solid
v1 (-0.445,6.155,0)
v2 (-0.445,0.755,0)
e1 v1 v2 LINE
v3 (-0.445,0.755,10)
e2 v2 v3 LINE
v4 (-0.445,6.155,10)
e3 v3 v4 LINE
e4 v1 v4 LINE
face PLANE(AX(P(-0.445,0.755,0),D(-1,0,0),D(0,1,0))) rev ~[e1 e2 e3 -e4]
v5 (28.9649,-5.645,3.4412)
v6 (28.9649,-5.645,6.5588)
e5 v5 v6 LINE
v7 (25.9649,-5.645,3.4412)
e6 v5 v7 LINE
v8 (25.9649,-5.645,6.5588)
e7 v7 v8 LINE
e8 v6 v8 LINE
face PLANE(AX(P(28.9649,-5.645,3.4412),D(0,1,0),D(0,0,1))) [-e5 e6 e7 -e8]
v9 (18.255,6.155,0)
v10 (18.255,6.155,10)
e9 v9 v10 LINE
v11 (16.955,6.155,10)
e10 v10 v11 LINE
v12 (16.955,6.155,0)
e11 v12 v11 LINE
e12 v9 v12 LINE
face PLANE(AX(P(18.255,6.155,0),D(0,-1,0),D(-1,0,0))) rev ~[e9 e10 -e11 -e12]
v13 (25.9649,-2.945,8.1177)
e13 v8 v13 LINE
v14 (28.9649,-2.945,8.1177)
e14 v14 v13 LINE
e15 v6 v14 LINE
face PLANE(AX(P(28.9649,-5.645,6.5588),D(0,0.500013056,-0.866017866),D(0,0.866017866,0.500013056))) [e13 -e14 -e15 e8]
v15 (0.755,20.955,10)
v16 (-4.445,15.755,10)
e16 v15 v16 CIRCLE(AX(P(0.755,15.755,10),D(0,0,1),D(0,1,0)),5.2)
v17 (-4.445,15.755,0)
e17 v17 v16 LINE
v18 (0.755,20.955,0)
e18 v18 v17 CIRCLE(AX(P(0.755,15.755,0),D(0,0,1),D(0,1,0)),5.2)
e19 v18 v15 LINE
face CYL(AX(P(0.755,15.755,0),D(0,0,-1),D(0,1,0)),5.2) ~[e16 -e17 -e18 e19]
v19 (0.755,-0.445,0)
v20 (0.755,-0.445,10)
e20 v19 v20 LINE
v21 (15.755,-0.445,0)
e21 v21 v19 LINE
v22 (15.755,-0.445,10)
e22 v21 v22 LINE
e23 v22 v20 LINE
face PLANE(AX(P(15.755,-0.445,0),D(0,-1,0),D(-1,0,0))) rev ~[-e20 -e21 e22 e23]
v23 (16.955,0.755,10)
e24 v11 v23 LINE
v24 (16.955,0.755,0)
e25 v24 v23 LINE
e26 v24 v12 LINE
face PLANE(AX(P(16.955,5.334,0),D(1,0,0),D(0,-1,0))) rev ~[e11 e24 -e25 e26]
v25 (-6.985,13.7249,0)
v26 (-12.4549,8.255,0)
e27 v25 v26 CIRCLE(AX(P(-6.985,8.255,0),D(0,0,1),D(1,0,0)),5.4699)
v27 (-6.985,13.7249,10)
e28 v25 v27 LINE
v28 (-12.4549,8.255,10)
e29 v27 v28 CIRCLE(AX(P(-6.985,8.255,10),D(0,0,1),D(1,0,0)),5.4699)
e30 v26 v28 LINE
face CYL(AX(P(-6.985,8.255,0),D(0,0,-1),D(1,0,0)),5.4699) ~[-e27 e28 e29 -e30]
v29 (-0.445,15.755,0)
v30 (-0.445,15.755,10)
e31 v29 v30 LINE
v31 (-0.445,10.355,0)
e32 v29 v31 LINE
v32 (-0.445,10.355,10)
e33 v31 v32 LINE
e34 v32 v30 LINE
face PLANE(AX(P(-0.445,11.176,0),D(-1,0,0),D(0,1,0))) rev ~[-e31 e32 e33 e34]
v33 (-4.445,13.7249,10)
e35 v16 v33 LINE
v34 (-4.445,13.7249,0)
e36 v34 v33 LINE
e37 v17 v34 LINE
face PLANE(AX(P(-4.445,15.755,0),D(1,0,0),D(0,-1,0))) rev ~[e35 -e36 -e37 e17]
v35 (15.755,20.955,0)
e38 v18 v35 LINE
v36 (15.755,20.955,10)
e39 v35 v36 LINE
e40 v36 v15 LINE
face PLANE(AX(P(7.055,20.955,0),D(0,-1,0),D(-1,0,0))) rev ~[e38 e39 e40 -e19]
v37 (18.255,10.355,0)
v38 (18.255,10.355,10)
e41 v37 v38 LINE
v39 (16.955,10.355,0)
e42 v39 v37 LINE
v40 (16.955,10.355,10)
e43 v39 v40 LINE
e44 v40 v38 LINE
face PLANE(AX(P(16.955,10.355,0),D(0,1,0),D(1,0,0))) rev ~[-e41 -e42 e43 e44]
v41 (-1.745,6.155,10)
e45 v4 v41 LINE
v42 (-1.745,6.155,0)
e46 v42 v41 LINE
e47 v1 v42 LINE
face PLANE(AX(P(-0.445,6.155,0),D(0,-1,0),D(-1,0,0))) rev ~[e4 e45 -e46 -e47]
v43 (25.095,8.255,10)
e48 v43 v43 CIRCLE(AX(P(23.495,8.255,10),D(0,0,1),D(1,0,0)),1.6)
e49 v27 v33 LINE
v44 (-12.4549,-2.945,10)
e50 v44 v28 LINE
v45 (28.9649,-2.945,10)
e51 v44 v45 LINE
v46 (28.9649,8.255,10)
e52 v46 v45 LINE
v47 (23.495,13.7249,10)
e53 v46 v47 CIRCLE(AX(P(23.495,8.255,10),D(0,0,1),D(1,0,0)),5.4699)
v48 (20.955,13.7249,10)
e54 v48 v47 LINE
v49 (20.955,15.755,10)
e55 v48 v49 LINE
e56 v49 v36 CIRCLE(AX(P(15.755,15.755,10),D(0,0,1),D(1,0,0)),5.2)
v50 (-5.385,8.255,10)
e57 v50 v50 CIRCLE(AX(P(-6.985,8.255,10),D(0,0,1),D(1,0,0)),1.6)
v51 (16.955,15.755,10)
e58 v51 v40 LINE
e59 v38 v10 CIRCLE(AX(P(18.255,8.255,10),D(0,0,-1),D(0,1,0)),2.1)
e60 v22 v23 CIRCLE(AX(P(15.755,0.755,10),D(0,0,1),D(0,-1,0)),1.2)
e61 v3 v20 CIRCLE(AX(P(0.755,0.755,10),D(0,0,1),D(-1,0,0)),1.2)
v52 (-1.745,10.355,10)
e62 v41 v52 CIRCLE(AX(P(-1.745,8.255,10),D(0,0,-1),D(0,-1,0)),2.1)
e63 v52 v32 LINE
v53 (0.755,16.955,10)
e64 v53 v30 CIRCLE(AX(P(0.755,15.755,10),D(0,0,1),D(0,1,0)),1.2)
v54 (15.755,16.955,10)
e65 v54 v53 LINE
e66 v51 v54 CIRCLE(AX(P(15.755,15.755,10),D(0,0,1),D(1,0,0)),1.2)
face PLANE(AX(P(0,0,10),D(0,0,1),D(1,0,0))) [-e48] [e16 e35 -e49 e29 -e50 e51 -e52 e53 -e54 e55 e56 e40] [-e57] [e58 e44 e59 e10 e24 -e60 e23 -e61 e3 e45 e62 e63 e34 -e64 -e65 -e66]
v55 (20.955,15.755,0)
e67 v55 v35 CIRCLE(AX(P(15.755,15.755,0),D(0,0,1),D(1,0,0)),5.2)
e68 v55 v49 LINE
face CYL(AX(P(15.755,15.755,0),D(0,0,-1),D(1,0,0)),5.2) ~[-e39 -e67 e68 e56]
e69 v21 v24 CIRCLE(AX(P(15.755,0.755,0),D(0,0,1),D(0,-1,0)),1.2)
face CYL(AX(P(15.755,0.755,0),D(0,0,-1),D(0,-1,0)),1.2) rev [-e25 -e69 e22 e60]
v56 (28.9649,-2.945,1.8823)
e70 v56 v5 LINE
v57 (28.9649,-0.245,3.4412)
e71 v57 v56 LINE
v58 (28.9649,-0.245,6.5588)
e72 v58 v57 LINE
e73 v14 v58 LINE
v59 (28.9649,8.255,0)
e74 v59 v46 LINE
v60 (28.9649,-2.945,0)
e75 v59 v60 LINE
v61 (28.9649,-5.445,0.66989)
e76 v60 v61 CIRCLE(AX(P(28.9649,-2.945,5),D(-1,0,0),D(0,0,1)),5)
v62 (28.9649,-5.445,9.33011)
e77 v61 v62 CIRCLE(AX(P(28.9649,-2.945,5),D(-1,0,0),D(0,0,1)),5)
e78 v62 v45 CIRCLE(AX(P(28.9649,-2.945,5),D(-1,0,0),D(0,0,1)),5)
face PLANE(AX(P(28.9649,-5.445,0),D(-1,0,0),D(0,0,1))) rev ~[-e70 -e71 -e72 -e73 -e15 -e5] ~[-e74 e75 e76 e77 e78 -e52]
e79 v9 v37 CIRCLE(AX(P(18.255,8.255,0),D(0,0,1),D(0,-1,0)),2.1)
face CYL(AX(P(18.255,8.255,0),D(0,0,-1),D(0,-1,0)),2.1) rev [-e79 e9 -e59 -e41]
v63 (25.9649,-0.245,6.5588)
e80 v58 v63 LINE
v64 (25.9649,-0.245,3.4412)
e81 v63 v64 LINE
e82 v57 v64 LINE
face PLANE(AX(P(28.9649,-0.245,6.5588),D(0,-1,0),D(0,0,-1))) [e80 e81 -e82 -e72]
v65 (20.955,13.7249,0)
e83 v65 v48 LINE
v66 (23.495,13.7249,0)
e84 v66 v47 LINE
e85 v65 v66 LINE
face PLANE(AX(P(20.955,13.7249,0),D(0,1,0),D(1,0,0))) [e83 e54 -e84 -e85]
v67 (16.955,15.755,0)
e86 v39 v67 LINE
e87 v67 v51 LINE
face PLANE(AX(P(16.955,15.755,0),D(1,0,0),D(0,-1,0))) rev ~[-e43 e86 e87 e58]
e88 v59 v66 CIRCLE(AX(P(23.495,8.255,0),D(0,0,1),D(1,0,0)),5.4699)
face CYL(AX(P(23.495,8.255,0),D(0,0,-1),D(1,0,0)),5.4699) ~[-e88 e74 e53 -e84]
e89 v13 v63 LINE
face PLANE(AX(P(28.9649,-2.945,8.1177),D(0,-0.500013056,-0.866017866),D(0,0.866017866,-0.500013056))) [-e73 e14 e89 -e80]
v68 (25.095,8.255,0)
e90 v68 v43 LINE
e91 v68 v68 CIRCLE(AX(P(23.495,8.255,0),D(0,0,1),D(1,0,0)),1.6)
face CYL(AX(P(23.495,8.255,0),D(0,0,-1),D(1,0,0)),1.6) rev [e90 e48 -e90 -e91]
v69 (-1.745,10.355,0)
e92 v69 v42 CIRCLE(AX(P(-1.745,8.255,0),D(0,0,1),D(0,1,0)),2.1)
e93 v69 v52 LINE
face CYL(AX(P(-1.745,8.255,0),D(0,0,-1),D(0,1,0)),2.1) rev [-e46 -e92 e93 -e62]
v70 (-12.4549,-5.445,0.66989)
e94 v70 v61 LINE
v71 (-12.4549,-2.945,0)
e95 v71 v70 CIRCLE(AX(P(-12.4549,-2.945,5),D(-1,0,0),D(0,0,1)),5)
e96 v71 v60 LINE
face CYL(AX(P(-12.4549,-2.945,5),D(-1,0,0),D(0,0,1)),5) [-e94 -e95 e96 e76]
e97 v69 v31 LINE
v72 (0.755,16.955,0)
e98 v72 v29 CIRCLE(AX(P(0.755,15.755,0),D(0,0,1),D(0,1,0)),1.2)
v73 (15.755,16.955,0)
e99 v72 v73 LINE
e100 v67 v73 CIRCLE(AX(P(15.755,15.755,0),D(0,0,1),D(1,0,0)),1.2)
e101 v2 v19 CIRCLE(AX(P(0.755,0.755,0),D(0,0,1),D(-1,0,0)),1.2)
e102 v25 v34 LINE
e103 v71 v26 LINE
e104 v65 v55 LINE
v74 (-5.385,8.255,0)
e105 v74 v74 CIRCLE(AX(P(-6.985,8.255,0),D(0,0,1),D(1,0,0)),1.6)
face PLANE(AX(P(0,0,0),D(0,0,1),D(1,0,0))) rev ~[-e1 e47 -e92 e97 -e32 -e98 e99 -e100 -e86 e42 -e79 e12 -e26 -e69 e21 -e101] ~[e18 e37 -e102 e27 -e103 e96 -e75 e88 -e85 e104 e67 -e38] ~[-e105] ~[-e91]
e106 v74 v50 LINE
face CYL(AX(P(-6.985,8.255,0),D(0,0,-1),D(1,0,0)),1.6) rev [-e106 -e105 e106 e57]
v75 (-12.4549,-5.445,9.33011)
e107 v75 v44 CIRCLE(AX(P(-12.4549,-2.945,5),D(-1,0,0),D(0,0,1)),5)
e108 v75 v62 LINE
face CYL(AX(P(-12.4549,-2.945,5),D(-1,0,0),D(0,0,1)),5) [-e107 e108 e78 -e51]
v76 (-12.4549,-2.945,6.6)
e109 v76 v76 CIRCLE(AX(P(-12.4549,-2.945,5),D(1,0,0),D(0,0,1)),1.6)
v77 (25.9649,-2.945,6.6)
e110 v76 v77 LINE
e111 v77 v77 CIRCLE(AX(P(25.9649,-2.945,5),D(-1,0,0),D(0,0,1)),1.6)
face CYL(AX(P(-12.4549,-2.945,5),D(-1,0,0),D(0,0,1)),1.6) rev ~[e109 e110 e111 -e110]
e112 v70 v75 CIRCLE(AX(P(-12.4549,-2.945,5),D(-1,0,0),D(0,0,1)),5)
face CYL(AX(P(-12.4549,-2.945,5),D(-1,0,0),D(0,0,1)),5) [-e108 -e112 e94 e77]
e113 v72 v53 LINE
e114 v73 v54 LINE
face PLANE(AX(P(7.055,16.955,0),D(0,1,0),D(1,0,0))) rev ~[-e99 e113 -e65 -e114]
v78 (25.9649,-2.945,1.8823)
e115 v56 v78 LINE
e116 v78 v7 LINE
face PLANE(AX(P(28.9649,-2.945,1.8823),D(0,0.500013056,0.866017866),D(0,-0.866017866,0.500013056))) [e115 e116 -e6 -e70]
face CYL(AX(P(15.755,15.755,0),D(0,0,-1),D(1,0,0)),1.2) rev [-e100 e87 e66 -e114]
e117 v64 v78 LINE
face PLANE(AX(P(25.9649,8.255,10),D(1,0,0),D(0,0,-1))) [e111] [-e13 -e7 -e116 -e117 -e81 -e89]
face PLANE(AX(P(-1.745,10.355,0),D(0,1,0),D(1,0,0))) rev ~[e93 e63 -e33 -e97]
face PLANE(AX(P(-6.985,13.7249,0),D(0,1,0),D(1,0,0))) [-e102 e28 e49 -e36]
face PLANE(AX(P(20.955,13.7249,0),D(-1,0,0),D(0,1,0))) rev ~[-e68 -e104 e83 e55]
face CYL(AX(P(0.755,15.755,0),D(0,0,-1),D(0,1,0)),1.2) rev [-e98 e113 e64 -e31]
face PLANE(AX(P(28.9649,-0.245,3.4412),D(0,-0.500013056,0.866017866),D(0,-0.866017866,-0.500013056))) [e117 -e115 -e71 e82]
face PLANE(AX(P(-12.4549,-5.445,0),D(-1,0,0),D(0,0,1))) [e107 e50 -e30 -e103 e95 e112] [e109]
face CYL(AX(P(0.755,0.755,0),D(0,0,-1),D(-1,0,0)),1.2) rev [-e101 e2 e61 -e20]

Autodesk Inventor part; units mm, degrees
ref_plane "YZ Plane" through (0, 0, 0) normal (1, 0, 0) x (0, 1, 0)
ref_plane "XZ Plane" through (0, 0, 0) normal (0, 1, 0) x (-1, 0, 0)
ref_plane "XY Plane" through (0, 0, 0) normal (0, 0, 1) x (1, 0, 0)
sketch "Эскиз1" plane through (0, 0, 0) normal (0, 0, 1) x (1, 0, 0)
  line L0 (16.51, 16.51) -> (0, 16.51) projected
  line L1 (0, 16.51) -> (0, 11.176) projected
  line L2 (0, 11.176) -> (-6.731, 11.176) projected
  line L3 (-6.731, 11.176) -> (-7.4684, 11.0622) projected
  line L4 (-7.4684, 11.0622) -> (-8.1512, 10.7614) projected
  line L5 (-8.1512, 10.7614) -> (-8.733, 10.2942) projected
  line L6 (-8.733, 10.2942) -> (-9.1739, 9.6923) projected
  line L7 (-9.1739, 9.6923) -> (-9.4441, 8.9967) projected
  line L8 (-9.4441, 8.9967) -> (-9.525, 8.255) projected
  line L9 (-9.525, 8.255) -> (-9.4441, 7.5133) projected
  line L10 (-9.4441, 7.5133) -> (-9.1739, 6.8177) projected
  line L11 (-9.1739, 6.8177) -> (-8.733, 6.2158) projected
  line L12 (-8.733, 6.2158) -> (-8.1512, 5.7486) projected
  line L13 (-8.1512, 5.7486) -> (-7.4684, 5.4478) projected
  line L14 (-7.4684, 5.4478) -> (-6.731, 5.334) projected
  line L15 (-6.731, 5.334) -> (0, 5.334) projected
  line L16 (0, 5.334) -> (0, 0) projected
  line L17 (0, 0) -> (16.51, 0) projected
  line L18 (16.51, 0) -> (16.51, 5.334) projected
  line L19 (16.51, 5.334) -> (23.241, 5.334) projected
  line L20 (23.241, 5.334) -> (23.9784, 5.4478) projected
  line L21 (23.9784, 5.4478) -> (24.6612, 5.7486) projected
  line L22 (24.6612, 5.7486) -> (25.243, 6.2158) projected
  line L23 (25.243, 6.2158) -> (25.6839, 6.8177) projected
  line L24 (25.6839, 6.8177) -> (25.9541, 7.5133) projected
  line L25 (25.9541, 7.5133) -> (26.035, 8.255) projected
  line L26 (26.035, 8.255) -> (25.9541, 8.9967) projected
  line L27 (25.9541, 8.9967) -> (25.6839, 9.6923) projected
  line L28 (25.6839, 9.6923) -> (25.243, 10.2942) projected
  line L29 (25.243, 10.2942) -> (24.6612, 10.7614) projected
  line L30 (24.6612, 10.7614) -> (23.9784, 11.0622) projected
  line L31 (23.9784, 11.0622) -> (23.241, 11.176) projected
  line L32 (23.241, 11.176) -> (16.51, 11.176) projected
  line L33 (16.51, 11.176) -> (16.51, 16.51) projected
  circle A0 centre (18.26, 8.26) radius 1.27 projected
  circle A1 centre (-1.75, 8.26) radius 1.27 projected
  circle A2 centre (11.505, 9.45) radius 0.127 projected
  circle A3 centre (8.386, 9.267) radius 0.127 projected
  circle A4 centre (4.826, 15.748) radius 0.127 projected
  circle A5 centre (4.191, 15.748) radius 0.127 projected
  circle A6 centre (-6.985, 8.255) radius 1.5 projected
  circle A7 centre (23.495, 8.255) radius 1.5 projected
  circle A8 centre (3.048, 4.445) radius 0.1651 projected
  circle A9 centre (6.985, 4.445) radius 0.1651 projected
  circle A10 centre (2.286, 6.731) radius 0.2032 projected
  circle A11 centre (13.716, 8.509) radius 0.2032 projected
  circle A12 centre (12.319, 1.778) radius 0.2032 projected
  circle A13 centre (15.367, 16.002) radius 0.2032 projected
  circle A14 centre (14.732, 1.778) radius 0.2032 projected
  circle A15 centre (13.462, 1.778) radius 0.2032 projected
  circle A16 centre (11.5062, 15.748) radius 0.127 projected
  circle A17 centre (7.874, 15.748) radius 0.127 projected
  circle A18 centre (3.429, 14.859) radius 0.127 projected
  circle A19 centre (14.478, 15.113) radius 0.1651 projected
  circle A20 centre (2.286, 10.541) radius 0.2032 projected
  circle A21 centre (13.716, 11.176) radius 0.2032 projected
  circle A22 centre (5.505, 15.748) radius 0.127 projected
  circle A23 centre (14.478, 14.224) radius 0.1651 projected
  circle A24 centre (13.462, 15.113) radius 0.1651 projected
  circle A25 centre (10.414, 15.7988) radius 0.127 projected
  circle A26 centre (5.005, 9.727) radius 0.127 projected
  circle A27 centre (6.8072, 8.636) radius 0.127 projected
  circle A28 centre (4.699, 8.382) radius 0.127 projected
  circle A29 centre (10.922, 8.636) radius 0.127 projected
  circle A30 centre (6.378, 16.129) radius 0.127 projected
  circle A31 centre (10.4648, 5.4864) radius 0.127 projected
  circle A32 centre (11.2268, 5.4864) radius 0.127 projected
  circle A33 centre (10.4648, 6.1214) radius 0.127 projected
  circle A34 centre (9.1948, 7.8994) radius 0.127 projected
  circle A35 centre (2.955, 14.2) radius 0.3 projected
  circle A36 centre (9.779, 15.748) radius 0.127 projected
  circle A37 centre (9.906, 8.636) radius 0.127 projected
  circle A38 centre (9.194, 7.112) radius 0.127 projected
  circle A39 centre (9.144, 15.748) radius 0.127 projected
  circle A40 centre (5.588, 7.874) radius 0.127 projected
  circle A41 centre (13.335, 6.096) radius 0.1651 projected
  circle A42 centre (6.8072, 7.874) radius 0.127 projected
  circle A43 centre (6.878, 15.748) radius 0.127 projected
  circle A44 centre (7.378, 16.141) radius 0.127 projected
  circle A45 centre (5.588, 7.239) radius 0.127 projected
  circle A46 centre (8.509, 15.748) radius 0.127 projected
  circle A47 centre (7.5946, 7.1186) radius 0.127 projected
  circle A48 centre (13.555, 14.2) radius 0.3 projected
  line L34 (9.655, 16.755) -> (9.655, 15.8775) projected
  arc A49 (6.855, 15.8775) -> (9.655, 15.8775) centre (8.255, 8.255) ccw projected
  line L35 (6.855, 15.8775) -> (6.855, 16.755) projected
  line L36 (6.855, 16.755) -> (0.755, 16.755) projected
  arc A50 (0.755, 16.755) -> (-0.245, 15.755) centre (0.755, 15.755) ccw projected
  line L37 (-0.245, 15.755) -> (-0.245, 10.155) projected
  line L38 (-0.245, 10.155) -> (-1.745, 10.155) projected
  arc A51 (-1.745, 10.155) -> (-1.745, 6.355) centre (-1.745, 8.255) ccw projected
  line L39 (-1.745, 6.355) -> (-0.245, 6.355) projected
  line L40 (-0.245, 6.355) -> (-0.245, 0.755) projected
  arc A52 (-0.245, 0.755) -> (0.755, -0.245) centre (0.755, 0.755) ccw projected
  line L41 (0.755, -0.245) -> (15.755, -0.245) projected
  arc A53 (15.755, -0.245) -> (16.755, 0.755) centre (15.755, 0.755) ccw projected
  line L42 (16.755, 0.755) -> (16.755, 6.355) projected
  line L43 (16.755, 6.355) -> (18.255, 6.355) projected
  arc A54 (18.255, 6.355) -> (18.255, 10.155) centre (18.255, 8.255) ccw projected
  line L44 (18.255, 10.155) -> (16.755, 10.155) projected
  line L45 (16.755, 10.155) -> (16.755, 15.755) projected
  arc A55 (16.755, 15.755) -> (15.755, 16.755) centre (15.755, 15.755) ccw projected
  line L46 (15.755, 16.755) -> (9.655, 16.755) projected
  circle A56 centre (-1.745, 8.255) radius 0.9 projected
  circle A57 centre (18.255, 8.255) radius 0.9 projected
  line L47 (-1.745, 10.355) -> (-0.445, 10.355)
  line L48 (-0.445, 10.355) -> (-0.445, 15.755)
  arc A58 (0.755, 16.955) -> (-0.445, 15.755) centre (0.755, 15.755) ccw
  line L49 (0.755, 16.955) -> (7.055, 16.955)
  line L50 (7.055, 16.955) -> (7.055, 15.709)
  arc A59 (7.055, 15.709) -> (9.455, 15.709) centre (8.255, 8.255) ccw
  line L51 (9.455, 15.709) -> (9.455, 16.955)
  line L52 (9.455, 16.955) -> (15.755, 16.955)
  arc A60 (16.955, 15.755) -> (15.755, 16.955) centre (15.755, 15.755) ccw
  line L53 (16.955, 15.755) -> (16.955, 10.355)
  line L54 (16.955, 10.355) -> (18.255, 10.355)
  arc A61 (18.255, 6.155) -> (18.255, 10.355) centre (18.255, 8.255) ccw
  line L55 (18.255, 6.155) -> (16.955, 6.155)
  line L56 (16.955, 6.155) -> (16.955, 0.755)
  arc A62 (15.755, -0.445) -> (16.955, 0.755) centre (15.755, 0.755) ccw
  line L57 (15.755, -0.445) -> (0.755, -0.445)
  arc A63 (-0.445, 0.755) -> (0.755, -0.445) centre (0.755, 0.755) ccw
  line L58 (-0.445, 0.755) -> (-0.445, 6.155)
  line L59 (-0.445, 6.155) -> (-1.745, 6.155)
  arc A64 (-1.745, 10.355) -> (-1.745, 6.155) centre (-1.745, 8.255) ccw
  line L60 (7.055, 16.955) -> (9.455, 16.955)
  line L61 (7.055, 20.955) -> (0.755, 20.955)
  arc A65 (0.755, 20.955) -> (-4.445, 15.755) centre (0.755, 15.755) ccw
  line L62 (-4.445, 15.755) -> (-4.445, 13.7249)
  line L63 (-4.445, 2.7851) -> (-4.445, 0.755)
  line L64 (20.955, 0.755) -> (20.955, 2.7851)
  line L65 (20.955, 13.7249) -> (20.955, 15.755)
  arc A66 (20.955, 15.755) -> (15.755, 20.955) centre (15.755, 15.755) ccw
  line L66 (15.755, 20.955) -> (9.455, 20.955)
  line L67 (7.055, 20.955) -> (9.455, 20.955)
  circle A67 centre (23.495, 8.255) radius 5.4699
  circle A68 centre (-6.985, 8.255) radius 5.4699
  line L68 (-6.985, 13.7249) -> (-4.445, 13.7249)
  line L69 (-4.445, 2.7851) -> (-6.985, 2.7851)
  line L70 (20.955, 2.7851) -> (23.495, 2.7851)
  line L71 (20.955, 13.7249) -> (23.495, 13.7249)
  circle A69 centre (-6.985, 8.255) radius 1.6
  circle A70 centre (23.495, 8.255) radius 1.6
  line L72 (-4.445, 0.755) -> (20.955, 0.755)
  line L73 (20.955, -5.445) -> (-4.445, -5.445)
  line L74 (28.9649, 8.255) -> (28.9649, -5.445)
  line L75 (28.9649, -5.445) -> (-12.4549, -5.445)
  line L76 (-12.4549, -5.445) -> (-12.4549, 8.255)
  point P0 (-0.445, 0.755)
  point P1 (-4.445, -5.445)
  dimension "d0" = 0.2
  dimension "d1" = 4
  dimension "d2" = 3.2
  dimension "d3" = 3.2
extrude "Выдавливание1" add sketch "Эскиз1" along normal blind 10 contours L60 L49 A58 L48 L2 A68 L68 L62 A65 L61 L67 L66 A66 L65 L71 A67 L32 L53 A60 L52 | L32 A67 A61 L54 L53 | A67 L19 L20 L21 L22 L23 L24 L25 L26 L27 L28 L29 L30 L31 L32 | L32 L31 L30 L29 L28 L27 L26 L25 L24 L23 L22 L21 L20 L19 A67 A61 | L74 L75 L73 L76 A68 L69 L63 L72 A63 L57 A62 L64 L70 A67 | A67 L19 L56 L55 A61 | L48 L47 A64 A68 L2 | L70 L64 L72 L56 L19 A67 | A68 A64 L15 L14 L13 L12 L11 L10 L9 L8 L7 L6 L5 L4 L3 L2 | L2 L3 L4 L5 L6 L7 L8 L9 L10 L11 L12 L13 L14 L15 A68 | A64 L59 L58 L15 A68 | L72 L63 L69 A68 L15 L58
sketch "Эскиз3" plane through (-12.4549, -5.445, 0) normal (-1, 0, 0) x (0, 0, 1)
  line L0 (0, 0) -> (0, 13.7) projected
  line L1 (0, 5) -> (10, 5) projected
  line L2 (0, 0) -> (10, 0)
  line L3 (10, 0) -> (10, 5)
  line L4 (10, 5) -> (0, 5)
  line L5 (0, 5) -> (0, 0)
  line L6 (5, 5) -> (5, 0)
  line L7 (0, 0) -> (10, 0) projected
  circle A0 centre (5, 2.5) radius 1.6
  circle A1 centre (5, 2.5) radius 5
  line L8 (10, 0) -> (10, 13.7) projected
  point P0 (0, 5.445)
  point P1 (0.6699, 0)
  point P2 (0, 2.5)
  point P3 (10, 2.5)
  point P4 (9.3301, 0)
  dimension "d11" = 3.2
extrude "Выдавливание3" cut sketch "Эскиз3" against normal up to surface (41.4198 mm away) contours L0 A1 L2 | A1 L3 L2 | A0 L6 | L6 A0
sketch "Эскиз4" plane through (-12.4549, -5.445, 0) normal (-1, 0, 0) x (0, 0, 1)
  circle A0 centre (5, 2.5) radius 1.6 projected
  circle A1 centre (5, 2.5) radius 5
  line L0 (10, 0) -> (10, 13.7) projected
  arc A2 (0, 2.5) -> (0.6699, 0) centre (5, 2.5) ccw projected
  line L1 (0.6699, 0) -> (9.3301, 0) projected
  line L2 (0.6699, 0) -> (9.3301, 0)
  point P0 (0, 5.445)
extrude "Выдавливание4" add sketch "Эскиз4" against normal up to surface (41.4198 mm away) contours A1 L1 picked at (4.43, -1.3536)
sketch "Эскиз5" plane through (28.9649, 8.255, 10) normal (1, 0, 0) x (0, 0, -1)
  line L0 (5, -11.2) -> (5, -8.5)
  line L1 (6.5588, -8.5) -> (8.1177, -11.2)
  line L2 (8.1177, -11.2) -> (6.5588, -13.9)
  line L3 (6.5588, -13.9) -> (3.4412, -13.9)
  line L4 (3.4412, -13.9) -> (1.8823, -11.2)
  line L5 (1.8823, -11.2) -> (3.4412, -8.5)
  line L6 (3.4412, -8.5) -> (6.5588, -8.5)
  dimension "d17" = 2.7
extrude "Выдавливание5" cut sketch "Эскиз5" against normal blind 3
properties part number "ramka"
